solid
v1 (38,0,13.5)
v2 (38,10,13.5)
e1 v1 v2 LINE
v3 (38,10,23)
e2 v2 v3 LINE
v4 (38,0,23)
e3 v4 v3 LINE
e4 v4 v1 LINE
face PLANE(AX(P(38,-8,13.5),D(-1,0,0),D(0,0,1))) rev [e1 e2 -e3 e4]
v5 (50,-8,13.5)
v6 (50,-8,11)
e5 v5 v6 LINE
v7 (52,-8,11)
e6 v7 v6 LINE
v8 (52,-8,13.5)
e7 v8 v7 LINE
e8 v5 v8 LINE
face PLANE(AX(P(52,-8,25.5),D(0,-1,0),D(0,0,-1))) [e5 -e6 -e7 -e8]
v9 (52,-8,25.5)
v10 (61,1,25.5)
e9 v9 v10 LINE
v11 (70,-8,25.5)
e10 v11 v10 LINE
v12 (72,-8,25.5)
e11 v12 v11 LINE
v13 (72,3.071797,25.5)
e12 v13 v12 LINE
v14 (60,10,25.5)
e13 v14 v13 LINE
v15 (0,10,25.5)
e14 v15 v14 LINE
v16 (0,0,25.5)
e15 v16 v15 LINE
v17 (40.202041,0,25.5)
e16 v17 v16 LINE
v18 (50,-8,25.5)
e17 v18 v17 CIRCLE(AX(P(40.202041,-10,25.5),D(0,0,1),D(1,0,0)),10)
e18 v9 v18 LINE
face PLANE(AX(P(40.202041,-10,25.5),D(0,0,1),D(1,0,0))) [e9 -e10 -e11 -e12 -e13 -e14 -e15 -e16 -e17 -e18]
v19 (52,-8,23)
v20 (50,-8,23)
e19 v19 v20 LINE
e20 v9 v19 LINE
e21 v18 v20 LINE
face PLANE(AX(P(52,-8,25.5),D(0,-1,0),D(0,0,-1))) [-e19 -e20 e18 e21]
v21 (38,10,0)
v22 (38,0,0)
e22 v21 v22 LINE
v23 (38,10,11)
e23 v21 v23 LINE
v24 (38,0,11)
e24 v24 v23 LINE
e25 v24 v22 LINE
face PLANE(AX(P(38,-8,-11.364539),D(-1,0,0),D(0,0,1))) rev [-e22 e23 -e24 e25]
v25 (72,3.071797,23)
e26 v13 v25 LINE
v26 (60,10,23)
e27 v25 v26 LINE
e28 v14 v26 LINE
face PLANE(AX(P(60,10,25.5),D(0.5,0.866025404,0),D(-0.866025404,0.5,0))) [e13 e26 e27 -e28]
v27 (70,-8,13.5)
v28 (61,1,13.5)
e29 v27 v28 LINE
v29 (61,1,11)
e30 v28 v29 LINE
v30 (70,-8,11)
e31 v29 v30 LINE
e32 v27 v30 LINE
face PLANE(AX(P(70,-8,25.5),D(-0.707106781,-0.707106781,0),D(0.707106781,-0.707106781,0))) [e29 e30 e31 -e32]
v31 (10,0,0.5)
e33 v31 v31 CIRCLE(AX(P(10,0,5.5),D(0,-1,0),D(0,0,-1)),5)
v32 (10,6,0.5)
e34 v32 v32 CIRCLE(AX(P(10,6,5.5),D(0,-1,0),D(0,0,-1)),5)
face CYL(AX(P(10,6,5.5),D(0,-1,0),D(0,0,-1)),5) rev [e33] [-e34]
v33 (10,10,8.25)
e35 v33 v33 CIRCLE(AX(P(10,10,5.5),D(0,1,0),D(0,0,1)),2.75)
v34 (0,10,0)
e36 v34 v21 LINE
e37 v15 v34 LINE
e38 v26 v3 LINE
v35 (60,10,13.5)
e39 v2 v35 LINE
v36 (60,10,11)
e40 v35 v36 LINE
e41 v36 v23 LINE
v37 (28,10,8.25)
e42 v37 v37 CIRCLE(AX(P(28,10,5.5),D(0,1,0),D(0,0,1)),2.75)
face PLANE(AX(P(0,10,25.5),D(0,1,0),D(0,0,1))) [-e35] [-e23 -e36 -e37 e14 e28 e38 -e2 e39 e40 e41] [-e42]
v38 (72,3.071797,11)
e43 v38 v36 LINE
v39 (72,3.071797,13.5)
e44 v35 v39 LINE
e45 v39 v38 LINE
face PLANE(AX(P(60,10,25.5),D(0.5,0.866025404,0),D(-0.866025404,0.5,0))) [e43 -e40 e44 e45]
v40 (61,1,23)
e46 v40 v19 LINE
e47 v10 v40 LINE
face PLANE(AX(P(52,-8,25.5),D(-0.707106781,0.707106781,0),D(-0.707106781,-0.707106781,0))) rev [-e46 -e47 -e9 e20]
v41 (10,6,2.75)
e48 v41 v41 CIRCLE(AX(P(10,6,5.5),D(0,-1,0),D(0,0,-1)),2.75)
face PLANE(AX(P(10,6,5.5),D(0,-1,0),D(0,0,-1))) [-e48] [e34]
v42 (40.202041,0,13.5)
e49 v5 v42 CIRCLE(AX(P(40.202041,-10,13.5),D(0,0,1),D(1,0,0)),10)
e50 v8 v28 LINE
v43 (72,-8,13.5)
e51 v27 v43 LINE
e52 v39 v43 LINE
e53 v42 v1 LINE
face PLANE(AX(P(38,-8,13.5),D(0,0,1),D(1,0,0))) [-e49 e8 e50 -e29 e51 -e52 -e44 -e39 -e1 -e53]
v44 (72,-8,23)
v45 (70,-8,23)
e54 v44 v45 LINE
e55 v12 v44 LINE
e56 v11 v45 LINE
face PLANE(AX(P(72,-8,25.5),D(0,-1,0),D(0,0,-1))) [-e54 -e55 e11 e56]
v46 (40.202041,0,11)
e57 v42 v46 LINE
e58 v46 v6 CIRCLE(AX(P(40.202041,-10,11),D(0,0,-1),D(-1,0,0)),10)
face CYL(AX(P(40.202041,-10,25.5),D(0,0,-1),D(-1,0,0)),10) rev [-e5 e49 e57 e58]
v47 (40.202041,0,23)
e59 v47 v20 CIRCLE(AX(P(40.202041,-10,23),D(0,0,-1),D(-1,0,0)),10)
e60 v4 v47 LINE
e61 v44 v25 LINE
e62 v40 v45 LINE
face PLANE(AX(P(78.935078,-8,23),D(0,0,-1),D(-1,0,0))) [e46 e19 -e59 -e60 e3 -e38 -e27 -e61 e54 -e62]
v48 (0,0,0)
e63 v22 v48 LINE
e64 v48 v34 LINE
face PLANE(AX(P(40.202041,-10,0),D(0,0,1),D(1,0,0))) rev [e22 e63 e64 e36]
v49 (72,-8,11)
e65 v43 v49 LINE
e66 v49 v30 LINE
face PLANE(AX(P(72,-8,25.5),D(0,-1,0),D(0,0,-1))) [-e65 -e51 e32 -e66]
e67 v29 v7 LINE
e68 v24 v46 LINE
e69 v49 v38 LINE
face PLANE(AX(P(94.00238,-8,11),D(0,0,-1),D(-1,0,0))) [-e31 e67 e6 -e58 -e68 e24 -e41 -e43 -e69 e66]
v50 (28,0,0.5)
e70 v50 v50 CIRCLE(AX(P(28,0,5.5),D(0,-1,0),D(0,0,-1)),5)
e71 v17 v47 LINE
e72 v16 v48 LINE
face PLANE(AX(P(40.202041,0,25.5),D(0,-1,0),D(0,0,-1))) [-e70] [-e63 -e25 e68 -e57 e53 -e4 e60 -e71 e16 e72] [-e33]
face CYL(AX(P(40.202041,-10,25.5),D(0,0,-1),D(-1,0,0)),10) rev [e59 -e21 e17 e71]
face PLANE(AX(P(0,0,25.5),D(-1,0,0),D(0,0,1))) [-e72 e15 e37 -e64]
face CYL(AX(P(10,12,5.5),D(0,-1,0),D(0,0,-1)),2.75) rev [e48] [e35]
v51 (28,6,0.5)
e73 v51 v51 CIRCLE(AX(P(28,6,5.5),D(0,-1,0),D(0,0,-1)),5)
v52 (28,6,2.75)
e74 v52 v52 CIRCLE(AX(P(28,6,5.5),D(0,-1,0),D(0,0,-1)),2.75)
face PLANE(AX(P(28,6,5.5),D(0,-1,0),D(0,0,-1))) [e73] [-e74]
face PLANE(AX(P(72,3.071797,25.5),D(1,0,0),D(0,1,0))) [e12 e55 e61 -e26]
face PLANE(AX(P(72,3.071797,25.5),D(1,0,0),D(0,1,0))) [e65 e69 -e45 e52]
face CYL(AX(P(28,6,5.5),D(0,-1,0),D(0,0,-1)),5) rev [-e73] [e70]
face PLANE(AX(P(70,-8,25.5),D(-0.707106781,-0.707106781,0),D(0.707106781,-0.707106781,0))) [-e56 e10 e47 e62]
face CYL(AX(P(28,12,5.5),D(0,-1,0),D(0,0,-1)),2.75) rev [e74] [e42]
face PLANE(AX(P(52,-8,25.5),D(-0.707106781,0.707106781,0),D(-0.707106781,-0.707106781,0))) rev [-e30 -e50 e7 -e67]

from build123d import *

# Parameters (mm, degrees)
BASE_EXTRUSION_DEPTH    = 25.5
ESQUISSE2_W             = 56.002380091
ESQUISSE2_H             = 22.364539332
ENL_V_MAT_EXTRU_1_DEPTH = 79.474518157
ESQUISSE3_W             = 40.935077574
ESQUISSE3_H             = 9.5
ENL_V_MAT_EXTRU_2_DEPTH = 79.474518157
ESQUISSE4_R             = 5
ENL_V_MAT_EXTRU_3_DEPTH = 6
ESQUISSE5_R             = 2.75
ENL_V_MAT_EXTRU_4_DEPTH = 6


with BuildPart() as part:
    # Esquisse1 → Base-Extrusion (new body)
    with BuildSketch(Plane.XY):
        with BuildLine():
            Line((0, 0), (0, 10))
            Line((0, 10), (60, 10))
            Line((60, 10), (72, 3.07179677))
            Line((72, 3.07179677), (72, -8))
            Line((72, -8), (70, -8))
            Line((70, -8), (61, 1))
            Line((61, 1), (52, -8))
            Line((52, -8), (50, -8))
            ThreePointArc((50, -8), (46.526596349, -2.254033308), (40.202041029, 0))
            Line((40.202041029, 0), (0, 0))
        make_face()
    extrude(amount=BASE_EXTRUSION_DEPTH)

    # Esquisse2 → Enlèv. mat.-Extru.1 (cut, through all)
    with BuildSketch(Plane(origin=(0, 10, 0), x_dir=(-1, 0, 0), z_dir=(0, 1, 0))):
        with Locations((-66.001190046, -0.182269666)):
            Rectangle(ESQUISSE2_W, ESQUISSE2_H)
    extrude(amount=-ENL_V_MAT_EXTRU_1_DEPTH, mode=Mode.SUBTRACT)

    # Esquisse3 → Enlèv. mat.-Extru.2 (cut, through all)
    with BuildSketch(Plane(origin=(0, 10, 0), x_dir=(-1, 0, 0), z_dir=(0, 1, 0))):
        with Locations((-58.467538787, 18.25)):
            Rectangle(ESQUISSE3_W, ESQUISSE3_H)
    extrude(amount=-ENL_V_MAT_EXTRU_2_DEPTH, mode=Mode.SUBTRACT)

    # Esquisse4 → Enlèv. mat.-Extru.3 (cut)
    with BuildSketch(Plane.XZ):
        with Locations(Location((10, 5.5, 0), (0, 0, 270))):
            Circle(ESQUISSE4_R)
        with Locations(Location((28, 5.5, 0), (0, 0, 270))):
            Circle(ESQUISSE4_R)
    extrude(amount=-ENL_V_MAT_EXTRU_3_DEPTH, mode=Mode.SUBTRACT)

    # Esquisse5 → Enlèv. mat.-Extru.4 (cut)
    with BuildSketch(Plane.XZ.offset(-6)):
        with Locations(Location((28, 5.5, 0), (0, 0, 270))):
            Circle(ESQUISSE5_R)
        with Locations(Location((10, 5.5, 0), (0, 0, 270))):
            Circle(ESQUISSE5_R)
    extrude(amount=-ENL_V_MAT_EXTRU_4_DEPTH, mode=Mode.SUBTRACT)


solid = part.part
